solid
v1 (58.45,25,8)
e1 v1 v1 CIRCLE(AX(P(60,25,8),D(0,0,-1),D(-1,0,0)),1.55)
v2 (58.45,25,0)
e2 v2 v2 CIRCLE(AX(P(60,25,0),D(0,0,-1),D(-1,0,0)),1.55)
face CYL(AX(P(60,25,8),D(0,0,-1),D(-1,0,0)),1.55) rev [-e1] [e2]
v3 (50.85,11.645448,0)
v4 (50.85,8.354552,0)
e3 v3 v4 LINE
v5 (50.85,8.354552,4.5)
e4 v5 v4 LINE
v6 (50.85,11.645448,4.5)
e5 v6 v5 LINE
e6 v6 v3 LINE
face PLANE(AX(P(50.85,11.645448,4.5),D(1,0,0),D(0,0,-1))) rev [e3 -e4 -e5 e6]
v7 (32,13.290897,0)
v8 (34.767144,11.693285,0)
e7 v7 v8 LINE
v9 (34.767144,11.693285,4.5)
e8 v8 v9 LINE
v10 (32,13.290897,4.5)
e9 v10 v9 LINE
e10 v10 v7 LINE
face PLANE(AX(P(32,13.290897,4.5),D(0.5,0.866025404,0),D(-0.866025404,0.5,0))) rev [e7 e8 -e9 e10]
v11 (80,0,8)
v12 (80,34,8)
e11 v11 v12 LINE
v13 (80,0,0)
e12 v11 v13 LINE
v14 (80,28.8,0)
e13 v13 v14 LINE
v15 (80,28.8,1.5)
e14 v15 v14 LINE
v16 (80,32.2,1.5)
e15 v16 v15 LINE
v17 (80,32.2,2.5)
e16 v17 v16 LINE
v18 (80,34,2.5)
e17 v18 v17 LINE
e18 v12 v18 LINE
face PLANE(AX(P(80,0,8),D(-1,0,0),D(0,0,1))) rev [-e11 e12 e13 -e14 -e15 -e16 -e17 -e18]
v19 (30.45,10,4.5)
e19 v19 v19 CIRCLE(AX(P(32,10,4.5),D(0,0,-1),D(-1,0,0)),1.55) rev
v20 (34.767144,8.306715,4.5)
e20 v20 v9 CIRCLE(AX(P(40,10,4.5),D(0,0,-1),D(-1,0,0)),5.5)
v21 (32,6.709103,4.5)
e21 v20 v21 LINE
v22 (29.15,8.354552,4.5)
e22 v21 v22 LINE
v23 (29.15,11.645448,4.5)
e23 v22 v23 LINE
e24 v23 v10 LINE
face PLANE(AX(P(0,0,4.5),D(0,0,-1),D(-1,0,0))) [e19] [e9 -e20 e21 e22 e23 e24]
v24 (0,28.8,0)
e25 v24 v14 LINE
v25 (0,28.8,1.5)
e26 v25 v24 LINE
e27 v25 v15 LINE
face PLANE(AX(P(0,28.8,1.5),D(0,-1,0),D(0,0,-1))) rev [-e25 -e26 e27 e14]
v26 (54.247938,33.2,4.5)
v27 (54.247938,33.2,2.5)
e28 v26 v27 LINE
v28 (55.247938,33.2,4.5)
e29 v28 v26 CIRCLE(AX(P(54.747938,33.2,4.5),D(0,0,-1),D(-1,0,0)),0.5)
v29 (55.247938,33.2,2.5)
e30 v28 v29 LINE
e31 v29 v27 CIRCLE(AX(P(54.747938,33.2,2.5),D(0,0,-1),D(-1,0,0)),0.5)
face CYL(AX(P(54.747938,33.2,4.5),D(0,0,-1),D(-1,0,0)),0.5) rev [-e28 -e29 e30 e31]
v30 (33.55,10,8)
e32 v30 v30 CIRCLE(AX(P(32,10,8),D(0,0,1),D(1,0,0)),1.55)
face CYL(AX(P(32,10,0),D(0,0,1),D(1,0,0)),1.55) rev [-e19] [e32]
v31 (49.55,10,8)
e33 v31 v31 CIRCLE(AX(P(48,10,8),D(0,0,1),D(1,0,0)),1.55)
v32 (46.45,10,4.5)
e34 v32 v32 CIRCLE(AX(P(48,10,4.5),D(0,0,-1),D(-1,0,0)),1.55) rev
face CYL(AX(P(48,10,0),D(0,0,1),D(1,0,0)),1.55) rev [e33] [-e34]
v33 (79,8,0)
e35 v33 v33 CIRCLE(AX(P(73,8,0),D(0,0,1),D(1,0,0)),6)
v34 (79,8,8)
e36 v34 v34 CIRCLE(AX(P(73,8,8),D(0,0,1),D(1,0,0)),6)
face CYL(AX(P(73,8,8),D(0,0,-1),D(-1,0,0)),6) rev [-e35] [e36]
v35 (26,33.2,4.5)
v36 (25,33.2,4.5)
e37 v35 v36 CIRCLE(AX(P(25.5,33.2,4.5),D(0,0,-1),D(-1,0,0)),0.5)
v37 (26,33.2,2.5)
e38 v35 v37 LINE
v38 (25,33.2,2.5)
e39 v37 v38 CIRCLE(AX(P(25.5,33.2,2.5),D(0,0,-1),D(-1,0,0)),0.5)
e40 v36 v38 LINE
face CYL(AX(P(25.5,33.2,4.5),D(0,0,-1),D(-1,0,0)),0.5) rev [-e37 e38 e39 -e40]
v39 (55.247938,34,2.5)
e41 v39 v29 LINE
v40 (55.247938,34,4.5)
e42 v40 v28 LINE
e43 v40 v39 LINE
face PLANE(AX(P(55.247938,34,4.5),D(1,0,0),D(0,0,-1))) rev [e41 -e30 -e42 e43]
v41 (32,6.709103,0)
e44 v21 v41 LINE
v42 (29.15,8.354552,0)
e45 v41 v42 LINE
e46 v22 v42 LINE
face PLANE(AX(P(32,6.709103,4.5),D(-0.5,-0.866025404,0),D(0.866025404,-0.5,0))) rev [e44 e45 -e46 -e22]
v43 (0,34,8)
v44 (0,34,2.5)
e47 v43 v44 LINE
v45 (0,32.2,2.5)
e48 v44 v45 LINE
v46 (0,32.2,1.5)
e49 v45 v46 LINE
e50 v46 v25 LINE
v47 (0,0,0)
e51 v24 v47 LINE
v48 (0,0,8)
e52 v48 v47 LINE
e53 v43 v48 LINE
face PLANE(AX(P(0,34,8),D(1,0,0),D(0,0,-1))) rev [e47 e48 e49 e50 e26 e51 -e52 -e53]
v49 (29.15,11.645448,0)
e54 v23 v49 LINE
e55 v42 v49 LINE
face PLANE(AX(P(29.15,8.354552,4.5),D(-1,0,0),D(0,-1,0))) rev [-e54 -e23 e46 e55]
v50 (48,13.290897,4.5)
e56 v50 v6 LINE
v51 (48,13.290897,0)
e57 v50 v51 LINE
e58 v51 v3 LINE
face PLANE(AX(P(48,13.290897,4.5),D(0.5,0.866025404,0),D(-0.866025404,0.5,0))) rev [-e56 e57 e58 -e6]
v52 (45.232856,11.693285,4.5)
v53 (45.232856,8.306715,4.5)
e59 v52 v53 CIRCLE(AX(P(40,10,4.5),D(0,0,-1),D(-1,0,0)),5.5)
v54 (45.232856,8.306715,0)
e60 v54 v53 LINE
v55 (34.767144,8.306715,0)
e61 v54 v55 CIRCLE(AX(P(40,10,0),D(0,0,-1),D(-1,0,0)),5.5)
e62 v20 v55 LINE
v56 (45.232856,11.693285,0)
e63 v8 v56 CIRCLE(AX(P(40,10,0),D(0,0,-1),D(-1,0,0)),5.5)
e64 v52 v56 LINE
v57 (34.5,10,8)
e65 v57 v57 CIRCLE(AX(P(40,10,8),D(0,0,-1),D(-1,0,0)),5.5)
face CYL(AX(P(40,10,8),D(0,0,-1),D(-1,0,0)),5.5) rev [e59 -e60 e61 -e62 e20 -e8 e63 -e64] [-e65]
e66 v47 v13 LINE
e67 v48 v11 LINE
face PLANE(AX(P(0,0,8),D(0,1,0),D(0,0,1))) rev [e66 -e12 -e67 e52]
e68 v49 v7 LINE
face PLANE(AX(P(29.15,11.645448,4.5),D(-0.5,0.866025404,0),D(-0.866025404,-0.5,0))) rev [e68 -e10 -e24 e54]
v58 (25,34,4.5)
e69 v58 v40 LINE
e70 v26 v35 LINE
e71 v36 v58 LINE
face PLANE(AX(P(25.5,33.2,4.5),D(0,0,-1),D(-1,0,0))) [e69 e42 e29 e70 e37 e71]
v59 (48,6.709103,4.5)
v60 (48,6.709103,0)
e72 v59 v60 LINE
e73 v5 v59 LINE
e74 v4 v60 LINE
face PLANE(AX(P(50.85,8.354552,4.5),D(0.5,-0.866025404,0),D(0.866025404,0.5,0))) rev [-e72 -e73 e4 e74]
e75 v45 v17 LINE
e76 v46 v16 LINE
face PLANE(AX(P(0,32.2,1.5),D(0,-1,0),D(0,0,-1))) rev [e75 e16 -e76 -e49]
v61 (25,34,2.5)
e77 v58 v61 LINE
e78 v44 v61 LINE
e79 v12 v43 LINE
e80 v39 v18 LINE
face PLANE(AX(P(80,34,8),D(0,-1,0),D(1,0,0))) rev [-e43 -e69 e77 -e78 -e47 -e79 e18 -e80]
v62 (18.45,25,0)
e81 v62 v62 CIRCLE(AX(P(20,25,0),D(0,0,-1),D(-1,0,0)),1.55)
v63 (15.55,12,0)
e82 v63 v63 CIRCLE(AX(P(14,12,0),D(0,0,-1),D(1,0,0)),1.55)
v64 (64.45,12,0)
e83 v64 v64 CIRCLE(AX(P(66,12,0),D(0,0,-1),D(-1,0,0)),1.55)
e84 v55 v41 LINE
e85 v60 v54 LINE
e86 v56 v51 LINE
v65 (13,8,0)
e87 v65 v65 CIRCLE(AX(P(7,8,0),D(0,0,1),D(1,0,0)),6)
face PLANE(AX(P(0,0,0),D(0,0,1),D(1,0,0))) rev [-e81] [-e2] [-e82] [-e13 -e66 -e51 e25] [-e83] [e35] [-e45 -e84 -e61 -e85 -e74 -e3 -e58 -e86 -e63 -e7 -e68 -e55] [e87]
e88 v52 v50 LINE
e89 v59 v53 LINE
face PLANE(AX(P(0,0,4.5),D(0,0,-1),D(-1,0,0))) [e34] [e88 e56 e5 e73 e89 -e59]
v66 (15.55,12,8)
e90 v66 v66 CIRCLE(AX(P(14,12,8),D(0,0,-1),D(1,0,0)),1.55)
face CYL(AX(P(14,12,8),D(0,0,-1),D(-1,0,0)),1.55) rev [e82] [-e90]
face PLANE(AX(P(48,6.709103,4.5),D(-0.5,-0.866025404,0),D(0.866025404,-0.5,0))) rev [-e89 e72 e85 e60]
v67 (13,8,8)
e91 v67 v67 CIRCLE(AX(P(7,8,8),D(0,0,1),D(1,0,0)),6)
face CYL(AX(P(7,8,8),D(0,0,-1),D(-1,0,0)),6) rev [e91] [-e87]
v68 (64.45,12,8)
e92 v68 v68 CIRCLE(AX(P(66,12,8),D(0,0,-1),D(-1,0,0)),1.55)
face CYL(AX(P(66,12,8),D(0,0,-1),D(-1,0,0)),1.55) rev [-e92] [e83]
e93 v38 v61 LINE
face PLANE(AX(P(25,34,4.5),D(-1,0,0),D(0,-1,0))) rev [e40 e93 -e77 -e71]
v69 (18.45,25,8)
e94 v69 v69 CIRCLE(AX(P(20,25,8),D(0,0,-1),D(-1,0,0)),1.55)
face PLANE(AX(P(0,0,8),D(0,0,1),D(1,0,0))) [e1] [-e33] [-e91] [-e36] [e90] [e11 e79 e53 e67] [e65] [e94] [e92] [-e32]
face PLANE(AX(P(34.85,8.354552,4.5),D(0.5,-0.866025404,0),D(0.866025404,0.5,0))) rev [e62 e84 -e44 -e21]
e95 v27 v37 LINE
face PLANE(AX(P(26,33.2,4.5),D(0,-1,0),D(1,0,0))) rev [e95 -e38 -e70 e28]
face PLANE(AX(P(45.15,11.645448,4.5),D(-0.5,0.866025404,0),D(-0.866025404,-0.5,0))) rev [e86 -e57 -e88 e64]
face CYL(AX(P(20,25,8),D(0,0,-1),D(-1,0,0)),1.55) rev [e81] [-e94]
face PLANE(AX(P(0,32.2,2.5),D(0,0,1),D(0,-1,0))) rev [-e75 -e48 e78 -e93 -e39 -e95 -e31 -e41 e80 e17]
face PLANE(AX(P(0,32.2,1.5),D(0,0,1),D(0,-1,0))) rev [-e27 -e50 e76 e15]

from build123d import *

# Parameters (mm, degrees)
SKETCH_2_W           = 80
SKETCH_2_H           = 34
SKETCH_2_R           = 6
SKETCH_2_R_2         = 4.05
EXTRUDE_1_DEPTH      = 8
CUT_EXTRUDE_2_DEPTH  = 88.292611371
SKETCH_5_R           = 1.55
CUT_EXTRUDE_3_DEPTH  = 88.292611371
CUT_EXTRUDE_5_DEPTH  = 4.5
SKETCH_11_R          = 1.55
CUT_EXTRUDE_7_DEPTH  = 88.292611371
CUT_EXTRUDE_11_DEPTH = 2
SKETCH_22_R          = 1.55
CUT_EXTRUDE_13_DEPTH = 88.292611371
SKETCH_20_R          = 5.5
CUT_EXTRUDE_14_DEPTH = 88.292611371


with BuildPart() as part:
    # 草图2 → 凸台-拉伸1 (new body)
    with BuildSketch(Plane.XY):
        with Locations((40, 17)):
            Rectangle(SKETCH_2_W, SKETCH_2_H)
        with Locations((7, 8)):
            Circle(SKETCH_2_R, mode=Mode.SUBTRACT)
        with Locations((40, 10)):
            Circle(SKETCH_2_R_2, mode=Mode.SUBTRACT)
        with Locations((73, 8)):
            Circle(SKETCH_2_R, mode=Mode.SUBTRACT)
    extrude(amount=EXTRUDE_1_DEPTH)

    # 草图4 → 切除-拉伸2 (cut, through all)
    with BuildSketch(Plane(origin=(80, 0, 0), x_dir=(0, 0, -1), z_dir=(1, 0, 0))):
        Polygon((-1.5, 32.2), (-2.5, 32.2), (-2.5, 34), (0, 34), (0, 28.8), (-1.5, 28.8), align=None)
    extrude(amount=-CUT_EXTRUDE_2_DEPTH, mode=Mode.SUBTRACT)

    # 草图5 → 切除-拉伸3 (cut, through all)
    with BuildSketch(Plane.XY.offset(8)):
        with Locations((48, 10)):
            Circle(SKETCH_5_R)
        with Locations((32, 10)):
            Circle(SKETCH_5_R)
    extrude(amount=-CUT_EXTRUDE_3_DEPTH, mode=Mode.SUBTRACT)

    # 草图8 → 切除-拉伸5 (cut)
    with BuildSketch(Plane(origin=(0, 0, 0), x_dir=(-1, 0, 0), z_dir=(0, 0, -1))):
        Polygon((-45.15, 8.354551733), (-45.15, 11.645448267), (-48, 13.290896534), (-50.85, 11.645448267), (-50.85, 8.354551733), (-48, 6.709103466), align=None)
        Polygon((-34.85, 8.354551733), (-32, 6.709103466), (-29.15, 8.354551733), (-29.15, 11.645448267), (-32, 13.290896534), (-34.85, 11.645448267), align=None)
    extrude(amount=-CUT_EXTRUDE_5_DEPTH, mode=Mode.SUBTRACT)

    # 草图11 → 切除-拉伸7 (cut, through all)
    with BuildSketch(Plane(origin=(0, 0, 0), x_dir=(-1, 0, 0), z_dir=(0, 0, -1))):
        with Locations((-60, 25)):
            Circle(SKETCH_11_R)
        with Locations((-20, 25)):
            Circle(SKETCH_11_R)
    extrude(amount=-CUT_EXTRUDE_7_DEPTH, mode=Mode.SUBTRACT)

    # 草图19 → 切除-拉伸11 (cut)
    with BuildSketch(Plane(origin=(0, 0, 2.5), x_dir=(-1, 0, 0), z_dir=(0, 0, -1))):
        with BuildLine():
            Line((-25, 34), (-55.247938178, 34))
            Line((-55.247938178, 34), (-55.247938178, 33.2))
            ThreePointArc((-55.247938178, 33.2), (-54.747938178, 32.7), (-54.247938178, 33.2))
            Line((-54.247938178, 33.2), (-26, 33.2))
            ThreePointArc((-26, 33.2), (-25.5, 32.7), (-25, 33.2))
            Line((-25, 33.2), (-25, 34))
        make_face()
    extrude(amount=-CUT_EXTRUDE_11_DEPTH, mode=Mode.SUBTRACT)

    # 草图22 → 切除-拉伸13 (cut, through all)
    with BuildSketch(Plane(origin=(0, 0, 0), x_dir=(-1, 0, 0), z_dir=(0, 0, -1))):
        with Locations((-66, 12)):
            Circle(SKETCH_22_R)
        with Locations(Location((-14, 12, 0), (0, 0, 180))):
            Circle(SKETCH_22_R)
    extrude(amount=-CUT_EXTRUDE_13_DEPTH, mode=Mode.SUBTRACT)

    # 草图20 → 切除-拉伸14 (cut, through all)
    with BuildSketch(Plane(origin=(0, 0, 0), x_dir=(-1, 0, 0), z_dir=(0, 0, -1))):
        with Locations((-40, 10)):
            Circle(SKETCH_20_R)
    extrude(amount=-CUT_EXTRUDE_14_DEPTH, mode=Mode.SUBTRACT)


solid = part.part
